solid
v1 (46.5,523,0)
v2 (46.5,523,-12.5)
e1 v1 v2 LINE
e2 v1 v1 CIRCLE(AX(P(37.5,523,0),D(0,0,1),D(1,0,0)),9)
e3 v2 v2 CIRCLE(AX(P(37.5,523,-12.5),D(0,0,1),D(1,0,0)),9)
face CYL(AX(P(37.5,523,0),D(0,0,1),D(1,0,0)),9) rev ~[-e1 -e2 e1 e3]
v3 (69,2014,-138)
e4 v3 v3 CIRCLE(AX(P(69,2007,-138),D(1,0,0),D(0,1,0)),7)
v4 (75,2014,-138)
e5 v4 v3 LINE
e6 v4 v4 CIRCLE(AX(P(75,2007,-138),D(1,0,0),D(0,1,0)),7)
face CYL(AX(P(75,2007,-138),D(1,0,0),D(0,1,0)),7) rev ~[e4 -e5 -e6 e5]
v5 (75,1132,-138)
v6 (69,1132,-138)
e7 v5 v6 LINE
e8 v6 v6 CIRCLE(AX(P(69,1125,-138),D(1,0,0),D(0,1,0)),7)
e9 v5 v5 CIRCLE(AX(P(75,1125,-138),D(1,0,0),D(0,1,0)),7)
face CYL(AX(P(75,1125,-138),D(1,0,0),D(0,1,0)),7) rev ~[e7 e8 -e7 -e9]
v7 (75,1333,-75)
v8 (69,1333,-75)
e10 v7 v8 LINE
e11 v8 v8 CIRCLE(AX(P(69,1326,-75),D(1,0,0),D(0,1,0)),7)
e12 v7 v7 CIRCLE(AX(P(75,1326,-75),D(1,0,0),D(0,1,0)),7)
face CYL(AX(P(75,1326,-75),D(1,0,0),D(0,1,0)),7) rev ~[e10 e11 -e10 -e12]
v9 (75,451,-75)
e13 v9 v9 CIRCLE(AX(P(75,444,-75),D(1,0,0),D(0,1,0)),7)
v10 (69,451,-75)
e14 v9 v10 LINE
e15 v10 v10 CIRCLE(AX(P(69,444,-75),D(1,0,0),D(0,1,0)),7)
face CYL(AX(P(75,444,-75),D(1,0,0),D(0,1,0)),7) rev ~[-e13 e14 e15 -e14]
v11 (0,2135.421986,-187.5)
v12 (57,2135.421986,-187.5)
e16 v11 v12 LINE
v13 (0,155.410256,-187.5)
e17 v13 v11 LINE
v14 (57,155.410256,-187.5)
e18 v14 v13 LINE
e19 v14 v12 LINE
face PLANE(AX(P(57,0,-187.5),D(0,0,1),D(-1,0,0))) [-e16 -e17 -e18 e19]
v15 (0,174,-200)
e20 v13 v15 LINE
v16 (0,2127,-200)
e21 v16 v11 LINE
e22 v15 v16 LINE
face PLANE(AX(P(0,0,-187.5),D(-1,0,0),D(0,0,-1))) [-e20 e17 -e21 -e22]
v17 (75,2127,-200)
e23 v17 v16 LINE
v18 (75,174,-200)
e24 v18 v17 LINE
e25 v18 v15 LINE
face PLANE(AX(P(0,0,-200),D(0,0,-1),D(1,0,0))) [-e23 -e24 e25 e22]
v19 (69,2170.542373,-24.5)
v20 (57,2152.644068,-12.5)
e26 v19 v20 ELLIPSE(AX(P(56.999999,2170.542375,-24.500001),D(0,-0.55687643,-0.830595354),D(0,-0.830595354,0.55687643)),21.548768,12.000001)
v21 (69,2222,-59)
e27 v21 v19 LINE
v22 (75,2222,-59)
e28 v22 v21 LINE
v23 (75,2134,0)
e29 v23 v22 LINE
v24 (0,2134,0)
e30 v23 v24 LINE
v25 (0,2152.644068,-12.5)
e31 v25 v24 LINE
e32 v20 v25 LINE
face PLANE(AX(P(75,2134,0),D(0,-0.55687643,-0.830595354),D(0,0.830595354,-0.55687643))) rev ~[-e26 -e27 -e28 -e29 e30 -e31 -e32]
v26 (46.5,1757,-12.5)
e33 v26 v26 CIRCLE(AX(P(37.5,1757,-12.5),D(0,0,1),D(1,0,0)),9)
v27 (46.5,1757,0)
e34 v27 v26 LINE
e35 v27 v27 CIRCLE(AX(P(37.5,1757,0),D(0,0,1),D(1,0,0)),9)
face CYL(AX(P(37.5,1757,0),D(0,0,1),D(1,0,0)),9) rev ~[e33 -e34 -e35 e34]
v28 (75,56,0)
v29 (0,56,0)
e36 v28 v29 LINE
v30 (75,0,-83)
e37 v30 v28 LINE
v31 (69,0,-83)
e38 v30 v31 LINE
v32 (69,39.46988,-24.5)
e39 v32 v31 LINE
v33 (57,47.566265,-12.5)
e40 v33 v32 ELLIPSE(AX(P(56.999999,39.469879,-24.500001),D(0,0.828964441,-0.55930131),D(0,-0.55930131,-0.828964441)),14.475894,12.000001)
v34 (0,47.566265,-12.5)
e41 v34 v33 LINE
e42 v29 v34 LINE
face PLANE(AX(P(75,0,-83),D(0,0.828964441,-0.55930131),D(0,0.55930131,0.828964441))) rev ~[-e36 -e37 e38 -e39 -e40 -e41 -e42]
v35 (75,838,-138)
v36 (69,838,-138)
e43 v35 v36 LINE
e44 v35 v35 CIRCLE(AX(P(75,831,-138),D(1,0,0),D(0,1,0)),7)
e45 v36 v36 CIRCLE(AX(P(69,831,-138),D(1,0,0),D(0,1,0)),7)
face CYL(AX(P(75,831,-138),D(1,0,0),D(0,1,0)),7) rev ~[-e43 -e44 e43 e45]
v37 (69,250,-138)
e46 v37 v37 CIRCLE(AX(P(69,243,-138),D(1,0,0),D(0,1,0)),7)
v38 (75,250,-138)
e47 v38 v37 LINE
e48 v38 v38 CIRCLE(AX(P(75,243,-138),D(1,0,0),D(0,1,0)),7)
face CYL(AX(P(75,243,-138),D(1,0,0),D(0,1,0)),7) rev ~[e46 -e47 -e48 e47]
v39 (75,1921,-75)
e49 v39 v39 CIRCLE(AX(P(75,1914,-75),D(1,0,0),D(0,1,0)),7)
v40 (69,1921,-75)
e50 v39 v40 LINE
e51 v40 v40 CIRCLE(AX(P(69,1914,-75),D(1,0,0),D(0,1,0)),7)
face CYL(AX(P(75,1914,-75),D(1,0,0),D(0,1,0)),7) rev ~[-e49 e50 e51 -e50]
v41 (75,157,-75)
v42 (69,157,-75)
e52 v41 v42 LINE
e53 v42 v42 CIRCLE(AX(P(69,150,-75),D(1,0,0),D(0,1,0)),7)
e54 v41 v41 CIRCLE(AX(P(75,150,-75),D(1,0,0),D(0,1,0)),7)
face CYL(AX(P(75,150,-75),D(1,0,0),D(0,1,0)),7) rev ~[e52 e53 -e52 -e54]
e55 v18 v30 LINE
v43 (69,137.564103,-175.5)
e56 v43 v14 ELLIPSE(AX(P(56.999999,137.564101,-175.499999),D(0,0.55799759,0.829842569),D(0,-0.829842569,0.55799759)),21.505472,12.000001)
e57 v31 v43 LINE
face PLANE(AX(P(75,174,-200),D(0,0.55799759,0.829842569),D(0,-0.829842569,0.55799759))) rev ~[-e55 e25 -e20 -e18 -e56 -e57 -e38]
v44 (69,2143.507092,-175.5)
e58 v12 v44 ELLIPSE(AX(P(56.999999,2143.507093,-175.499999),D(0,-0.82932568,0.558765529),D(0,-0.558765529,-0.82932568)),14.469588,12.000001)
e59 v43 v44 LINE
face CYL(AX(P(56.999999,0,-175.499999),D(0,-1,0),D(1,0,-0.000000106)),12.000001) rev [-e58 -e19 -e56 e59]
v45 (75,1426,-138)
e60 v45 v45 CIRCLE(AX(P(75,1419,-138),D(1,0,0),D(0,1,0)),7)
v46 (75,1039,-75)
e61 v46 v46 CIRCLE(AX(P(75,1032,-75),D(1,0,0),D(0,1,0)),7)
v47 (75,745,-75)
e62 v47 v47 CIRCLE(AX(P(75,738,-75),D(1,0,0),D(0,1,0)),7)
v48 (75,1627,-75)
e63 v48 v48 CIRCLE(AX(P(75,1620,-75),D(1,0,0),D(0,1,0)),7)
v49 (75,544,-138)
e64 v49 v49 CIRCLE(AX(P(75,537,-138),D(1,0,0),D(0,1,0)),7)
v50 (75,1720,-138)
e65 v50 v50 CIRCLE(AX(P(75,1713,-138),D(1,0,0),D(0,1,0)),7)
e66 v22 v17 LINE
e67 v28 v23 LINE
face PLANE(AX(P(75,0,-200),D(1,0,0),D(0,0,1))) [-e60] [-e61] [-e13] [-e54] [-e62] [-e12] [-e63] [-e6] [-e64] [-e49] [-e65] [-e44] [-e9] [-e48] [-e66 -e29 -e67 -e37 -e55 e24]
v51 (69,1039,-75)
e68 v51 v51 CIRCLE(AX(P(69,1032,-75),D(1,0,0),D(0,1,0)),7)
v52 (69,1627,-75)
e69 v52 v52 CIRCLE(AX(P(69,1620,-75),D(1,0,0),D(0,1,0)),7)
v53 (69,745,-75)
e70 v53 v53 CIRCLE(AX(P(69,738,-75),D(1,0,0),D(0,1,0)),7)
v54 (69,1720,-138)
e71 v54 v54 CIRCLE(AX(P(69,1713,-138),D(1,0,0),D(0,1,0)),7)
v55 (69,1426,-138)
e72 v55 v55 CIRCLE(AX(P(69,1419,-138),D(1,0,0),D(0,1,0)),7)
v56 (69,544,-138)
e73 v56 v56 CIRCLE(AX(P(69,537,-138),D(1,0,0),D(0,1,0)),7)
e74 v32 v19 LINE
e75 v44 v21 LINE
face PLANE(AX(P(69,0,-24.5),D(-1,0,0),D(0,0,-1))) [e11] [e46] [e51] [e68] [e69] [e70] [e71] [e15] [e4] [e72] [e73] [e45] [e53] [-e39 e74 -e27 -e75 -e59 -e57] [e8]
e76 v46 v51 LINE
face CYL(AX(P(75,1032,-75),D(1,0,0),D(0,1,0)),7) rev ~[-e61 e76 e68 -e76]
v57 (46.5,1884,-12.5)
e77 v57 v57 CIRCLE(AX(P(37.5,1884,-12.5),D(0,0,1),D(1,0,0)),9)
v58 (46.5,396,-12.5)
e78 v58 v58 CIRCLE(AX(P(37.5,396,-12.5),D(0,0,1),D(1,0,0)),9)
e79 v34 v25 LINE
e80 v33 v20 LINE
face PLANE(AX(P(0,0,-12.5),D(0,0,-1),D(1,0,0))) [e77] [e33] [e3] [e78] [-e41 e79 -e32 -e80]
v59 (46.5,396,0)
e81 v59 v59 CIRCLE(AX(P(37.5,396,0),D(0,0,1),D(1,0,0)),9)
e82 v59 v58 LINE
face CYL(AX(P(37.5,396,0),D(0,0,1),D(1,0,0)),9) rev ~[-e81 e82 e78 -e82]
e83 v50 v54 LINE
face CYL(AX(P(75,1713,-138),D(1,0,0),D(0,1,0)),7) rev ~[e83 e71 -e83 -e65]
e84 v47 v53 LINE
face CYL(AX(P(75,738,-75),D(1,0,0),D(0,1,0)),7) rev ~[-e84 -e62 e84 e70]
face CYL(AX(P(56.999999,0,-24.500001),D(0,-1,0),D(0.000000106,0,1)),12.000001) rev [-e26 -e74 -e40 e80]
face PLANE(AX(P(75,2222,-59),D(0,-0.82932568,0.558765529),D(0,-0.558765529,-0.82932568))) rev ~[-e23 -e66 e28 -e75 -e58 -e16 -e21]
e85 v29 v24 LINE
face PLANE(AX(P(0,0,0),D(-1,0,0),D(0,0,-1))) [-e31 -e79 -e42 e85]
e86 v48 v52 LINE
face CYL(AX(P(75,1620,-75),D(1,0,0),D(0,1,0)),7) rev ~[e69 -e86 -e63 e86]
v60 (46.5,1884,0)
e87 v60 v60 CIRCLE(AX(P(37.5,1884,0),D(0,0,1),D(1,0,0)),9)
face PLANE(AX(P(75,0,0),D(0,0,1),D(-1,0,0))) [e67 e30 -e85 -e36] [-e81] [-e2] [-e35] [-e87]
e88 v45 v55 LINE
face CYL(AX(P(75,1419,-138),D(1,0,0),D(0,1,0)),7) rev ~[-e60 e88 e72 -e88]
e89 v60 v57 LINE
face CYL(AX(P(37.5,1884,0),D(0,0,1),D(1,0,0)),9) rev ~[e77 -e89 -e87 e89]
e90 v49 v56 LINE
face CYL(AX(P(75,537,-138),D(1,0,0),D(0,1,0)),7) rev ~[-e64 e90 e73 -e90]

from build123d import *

# Parameters (mm, degrees)
F1_DEPTH = 2222
F2_R     = 7
F3_DEPTH = 75.001
F4_R     = 9
F5_DEPTH = 25


with BuildPart() as f1:
    # F0 (on Front) → F1 (new body)
    with BuildSketch(Plane.XZ):
        with BuildLine():
            Line((75, 0), (0, 0))
            Line((0, 0), (0, -12.5))
            Line((0, -12.5), (57, -12.5))
            ThreePointArc((57, -12.5), (65.485281, -16.014719), (69, -24.5))
            Line((69, -24.5), (69, -175.5))
            ThreePointArc((69, -175.5), (65.485281, -183.985281), (57, -187.5))
            Line((57, -187.5), (0, -187.5))
            Line((0, -187.5), (0, -200))
            Line((0, -200), (75, -200))
            Line((75, -200), (75, 0))
        make_face()
    extrude(amount=-F1_DEPTH)

    # F2 (on face) → F3 (cut, through all)
    with BuildSketch(Plane.YZ.offset(75)):
        Polygon((174, -200), (0, -83), (0, -200), align=None)
        Polygon((56, 0), (0, 0), (0, -83), align=None)
        Polygon((2222, -59), (2127, -200), (2222, -200), align=None)
        Polygon((2134, 0), (2222, -59), (2222, 0), align=None)
        with Locations((444, -75)):
            Circle(F2_R)
        with Locations((537, -138)):
            Circle(F2_R)
        with Locations((243, -138)):
            Circle(F2_R)
        with Locations((150, -75)):
            Circle(F2_R)
        with Locations((738, -75)):
            Circle(F2_R)
        with Locations((831, -138)):
            Circle(F2_R)
        with Locations((1032, -75)):
            Circle(F2_R)
        with Locations((1125, -138)):
            Circle(F2_R)
        with Locations((1326, -75)):
            Circle(F2_R)
        with Locations((1419, -138)):
            Circle(F2_R)
        with Locations((1620, -75)):
            Circle(F2_R)
        with Locations((1713, -138)):
            Circle(F2_R)
        with Locations((2007, -138)):
            Circle(F2_R)
        with Locations((1914, -75)):
            Circle(F2_R)
    extrude(amount=-F3_DEPTH, mode=Mode.SUBTRACT)

    # F4 (on face) → F5 (cut)
    with BuildSketch(Plane.XY):
        with Locations((37.5, 523)):
            Circle(F4_R)
        with Locations((37.5, 396)):
            Circle(F4_R)
        with Locations((37.5, 1757)):
            Circle(F4_R)
        with Locations((37.5, 1884)):
            Circle(F4_R)
    extrude(amount=-F5_DEPTH, mode=Mode.SUBTRACT)


solid = f1.part
